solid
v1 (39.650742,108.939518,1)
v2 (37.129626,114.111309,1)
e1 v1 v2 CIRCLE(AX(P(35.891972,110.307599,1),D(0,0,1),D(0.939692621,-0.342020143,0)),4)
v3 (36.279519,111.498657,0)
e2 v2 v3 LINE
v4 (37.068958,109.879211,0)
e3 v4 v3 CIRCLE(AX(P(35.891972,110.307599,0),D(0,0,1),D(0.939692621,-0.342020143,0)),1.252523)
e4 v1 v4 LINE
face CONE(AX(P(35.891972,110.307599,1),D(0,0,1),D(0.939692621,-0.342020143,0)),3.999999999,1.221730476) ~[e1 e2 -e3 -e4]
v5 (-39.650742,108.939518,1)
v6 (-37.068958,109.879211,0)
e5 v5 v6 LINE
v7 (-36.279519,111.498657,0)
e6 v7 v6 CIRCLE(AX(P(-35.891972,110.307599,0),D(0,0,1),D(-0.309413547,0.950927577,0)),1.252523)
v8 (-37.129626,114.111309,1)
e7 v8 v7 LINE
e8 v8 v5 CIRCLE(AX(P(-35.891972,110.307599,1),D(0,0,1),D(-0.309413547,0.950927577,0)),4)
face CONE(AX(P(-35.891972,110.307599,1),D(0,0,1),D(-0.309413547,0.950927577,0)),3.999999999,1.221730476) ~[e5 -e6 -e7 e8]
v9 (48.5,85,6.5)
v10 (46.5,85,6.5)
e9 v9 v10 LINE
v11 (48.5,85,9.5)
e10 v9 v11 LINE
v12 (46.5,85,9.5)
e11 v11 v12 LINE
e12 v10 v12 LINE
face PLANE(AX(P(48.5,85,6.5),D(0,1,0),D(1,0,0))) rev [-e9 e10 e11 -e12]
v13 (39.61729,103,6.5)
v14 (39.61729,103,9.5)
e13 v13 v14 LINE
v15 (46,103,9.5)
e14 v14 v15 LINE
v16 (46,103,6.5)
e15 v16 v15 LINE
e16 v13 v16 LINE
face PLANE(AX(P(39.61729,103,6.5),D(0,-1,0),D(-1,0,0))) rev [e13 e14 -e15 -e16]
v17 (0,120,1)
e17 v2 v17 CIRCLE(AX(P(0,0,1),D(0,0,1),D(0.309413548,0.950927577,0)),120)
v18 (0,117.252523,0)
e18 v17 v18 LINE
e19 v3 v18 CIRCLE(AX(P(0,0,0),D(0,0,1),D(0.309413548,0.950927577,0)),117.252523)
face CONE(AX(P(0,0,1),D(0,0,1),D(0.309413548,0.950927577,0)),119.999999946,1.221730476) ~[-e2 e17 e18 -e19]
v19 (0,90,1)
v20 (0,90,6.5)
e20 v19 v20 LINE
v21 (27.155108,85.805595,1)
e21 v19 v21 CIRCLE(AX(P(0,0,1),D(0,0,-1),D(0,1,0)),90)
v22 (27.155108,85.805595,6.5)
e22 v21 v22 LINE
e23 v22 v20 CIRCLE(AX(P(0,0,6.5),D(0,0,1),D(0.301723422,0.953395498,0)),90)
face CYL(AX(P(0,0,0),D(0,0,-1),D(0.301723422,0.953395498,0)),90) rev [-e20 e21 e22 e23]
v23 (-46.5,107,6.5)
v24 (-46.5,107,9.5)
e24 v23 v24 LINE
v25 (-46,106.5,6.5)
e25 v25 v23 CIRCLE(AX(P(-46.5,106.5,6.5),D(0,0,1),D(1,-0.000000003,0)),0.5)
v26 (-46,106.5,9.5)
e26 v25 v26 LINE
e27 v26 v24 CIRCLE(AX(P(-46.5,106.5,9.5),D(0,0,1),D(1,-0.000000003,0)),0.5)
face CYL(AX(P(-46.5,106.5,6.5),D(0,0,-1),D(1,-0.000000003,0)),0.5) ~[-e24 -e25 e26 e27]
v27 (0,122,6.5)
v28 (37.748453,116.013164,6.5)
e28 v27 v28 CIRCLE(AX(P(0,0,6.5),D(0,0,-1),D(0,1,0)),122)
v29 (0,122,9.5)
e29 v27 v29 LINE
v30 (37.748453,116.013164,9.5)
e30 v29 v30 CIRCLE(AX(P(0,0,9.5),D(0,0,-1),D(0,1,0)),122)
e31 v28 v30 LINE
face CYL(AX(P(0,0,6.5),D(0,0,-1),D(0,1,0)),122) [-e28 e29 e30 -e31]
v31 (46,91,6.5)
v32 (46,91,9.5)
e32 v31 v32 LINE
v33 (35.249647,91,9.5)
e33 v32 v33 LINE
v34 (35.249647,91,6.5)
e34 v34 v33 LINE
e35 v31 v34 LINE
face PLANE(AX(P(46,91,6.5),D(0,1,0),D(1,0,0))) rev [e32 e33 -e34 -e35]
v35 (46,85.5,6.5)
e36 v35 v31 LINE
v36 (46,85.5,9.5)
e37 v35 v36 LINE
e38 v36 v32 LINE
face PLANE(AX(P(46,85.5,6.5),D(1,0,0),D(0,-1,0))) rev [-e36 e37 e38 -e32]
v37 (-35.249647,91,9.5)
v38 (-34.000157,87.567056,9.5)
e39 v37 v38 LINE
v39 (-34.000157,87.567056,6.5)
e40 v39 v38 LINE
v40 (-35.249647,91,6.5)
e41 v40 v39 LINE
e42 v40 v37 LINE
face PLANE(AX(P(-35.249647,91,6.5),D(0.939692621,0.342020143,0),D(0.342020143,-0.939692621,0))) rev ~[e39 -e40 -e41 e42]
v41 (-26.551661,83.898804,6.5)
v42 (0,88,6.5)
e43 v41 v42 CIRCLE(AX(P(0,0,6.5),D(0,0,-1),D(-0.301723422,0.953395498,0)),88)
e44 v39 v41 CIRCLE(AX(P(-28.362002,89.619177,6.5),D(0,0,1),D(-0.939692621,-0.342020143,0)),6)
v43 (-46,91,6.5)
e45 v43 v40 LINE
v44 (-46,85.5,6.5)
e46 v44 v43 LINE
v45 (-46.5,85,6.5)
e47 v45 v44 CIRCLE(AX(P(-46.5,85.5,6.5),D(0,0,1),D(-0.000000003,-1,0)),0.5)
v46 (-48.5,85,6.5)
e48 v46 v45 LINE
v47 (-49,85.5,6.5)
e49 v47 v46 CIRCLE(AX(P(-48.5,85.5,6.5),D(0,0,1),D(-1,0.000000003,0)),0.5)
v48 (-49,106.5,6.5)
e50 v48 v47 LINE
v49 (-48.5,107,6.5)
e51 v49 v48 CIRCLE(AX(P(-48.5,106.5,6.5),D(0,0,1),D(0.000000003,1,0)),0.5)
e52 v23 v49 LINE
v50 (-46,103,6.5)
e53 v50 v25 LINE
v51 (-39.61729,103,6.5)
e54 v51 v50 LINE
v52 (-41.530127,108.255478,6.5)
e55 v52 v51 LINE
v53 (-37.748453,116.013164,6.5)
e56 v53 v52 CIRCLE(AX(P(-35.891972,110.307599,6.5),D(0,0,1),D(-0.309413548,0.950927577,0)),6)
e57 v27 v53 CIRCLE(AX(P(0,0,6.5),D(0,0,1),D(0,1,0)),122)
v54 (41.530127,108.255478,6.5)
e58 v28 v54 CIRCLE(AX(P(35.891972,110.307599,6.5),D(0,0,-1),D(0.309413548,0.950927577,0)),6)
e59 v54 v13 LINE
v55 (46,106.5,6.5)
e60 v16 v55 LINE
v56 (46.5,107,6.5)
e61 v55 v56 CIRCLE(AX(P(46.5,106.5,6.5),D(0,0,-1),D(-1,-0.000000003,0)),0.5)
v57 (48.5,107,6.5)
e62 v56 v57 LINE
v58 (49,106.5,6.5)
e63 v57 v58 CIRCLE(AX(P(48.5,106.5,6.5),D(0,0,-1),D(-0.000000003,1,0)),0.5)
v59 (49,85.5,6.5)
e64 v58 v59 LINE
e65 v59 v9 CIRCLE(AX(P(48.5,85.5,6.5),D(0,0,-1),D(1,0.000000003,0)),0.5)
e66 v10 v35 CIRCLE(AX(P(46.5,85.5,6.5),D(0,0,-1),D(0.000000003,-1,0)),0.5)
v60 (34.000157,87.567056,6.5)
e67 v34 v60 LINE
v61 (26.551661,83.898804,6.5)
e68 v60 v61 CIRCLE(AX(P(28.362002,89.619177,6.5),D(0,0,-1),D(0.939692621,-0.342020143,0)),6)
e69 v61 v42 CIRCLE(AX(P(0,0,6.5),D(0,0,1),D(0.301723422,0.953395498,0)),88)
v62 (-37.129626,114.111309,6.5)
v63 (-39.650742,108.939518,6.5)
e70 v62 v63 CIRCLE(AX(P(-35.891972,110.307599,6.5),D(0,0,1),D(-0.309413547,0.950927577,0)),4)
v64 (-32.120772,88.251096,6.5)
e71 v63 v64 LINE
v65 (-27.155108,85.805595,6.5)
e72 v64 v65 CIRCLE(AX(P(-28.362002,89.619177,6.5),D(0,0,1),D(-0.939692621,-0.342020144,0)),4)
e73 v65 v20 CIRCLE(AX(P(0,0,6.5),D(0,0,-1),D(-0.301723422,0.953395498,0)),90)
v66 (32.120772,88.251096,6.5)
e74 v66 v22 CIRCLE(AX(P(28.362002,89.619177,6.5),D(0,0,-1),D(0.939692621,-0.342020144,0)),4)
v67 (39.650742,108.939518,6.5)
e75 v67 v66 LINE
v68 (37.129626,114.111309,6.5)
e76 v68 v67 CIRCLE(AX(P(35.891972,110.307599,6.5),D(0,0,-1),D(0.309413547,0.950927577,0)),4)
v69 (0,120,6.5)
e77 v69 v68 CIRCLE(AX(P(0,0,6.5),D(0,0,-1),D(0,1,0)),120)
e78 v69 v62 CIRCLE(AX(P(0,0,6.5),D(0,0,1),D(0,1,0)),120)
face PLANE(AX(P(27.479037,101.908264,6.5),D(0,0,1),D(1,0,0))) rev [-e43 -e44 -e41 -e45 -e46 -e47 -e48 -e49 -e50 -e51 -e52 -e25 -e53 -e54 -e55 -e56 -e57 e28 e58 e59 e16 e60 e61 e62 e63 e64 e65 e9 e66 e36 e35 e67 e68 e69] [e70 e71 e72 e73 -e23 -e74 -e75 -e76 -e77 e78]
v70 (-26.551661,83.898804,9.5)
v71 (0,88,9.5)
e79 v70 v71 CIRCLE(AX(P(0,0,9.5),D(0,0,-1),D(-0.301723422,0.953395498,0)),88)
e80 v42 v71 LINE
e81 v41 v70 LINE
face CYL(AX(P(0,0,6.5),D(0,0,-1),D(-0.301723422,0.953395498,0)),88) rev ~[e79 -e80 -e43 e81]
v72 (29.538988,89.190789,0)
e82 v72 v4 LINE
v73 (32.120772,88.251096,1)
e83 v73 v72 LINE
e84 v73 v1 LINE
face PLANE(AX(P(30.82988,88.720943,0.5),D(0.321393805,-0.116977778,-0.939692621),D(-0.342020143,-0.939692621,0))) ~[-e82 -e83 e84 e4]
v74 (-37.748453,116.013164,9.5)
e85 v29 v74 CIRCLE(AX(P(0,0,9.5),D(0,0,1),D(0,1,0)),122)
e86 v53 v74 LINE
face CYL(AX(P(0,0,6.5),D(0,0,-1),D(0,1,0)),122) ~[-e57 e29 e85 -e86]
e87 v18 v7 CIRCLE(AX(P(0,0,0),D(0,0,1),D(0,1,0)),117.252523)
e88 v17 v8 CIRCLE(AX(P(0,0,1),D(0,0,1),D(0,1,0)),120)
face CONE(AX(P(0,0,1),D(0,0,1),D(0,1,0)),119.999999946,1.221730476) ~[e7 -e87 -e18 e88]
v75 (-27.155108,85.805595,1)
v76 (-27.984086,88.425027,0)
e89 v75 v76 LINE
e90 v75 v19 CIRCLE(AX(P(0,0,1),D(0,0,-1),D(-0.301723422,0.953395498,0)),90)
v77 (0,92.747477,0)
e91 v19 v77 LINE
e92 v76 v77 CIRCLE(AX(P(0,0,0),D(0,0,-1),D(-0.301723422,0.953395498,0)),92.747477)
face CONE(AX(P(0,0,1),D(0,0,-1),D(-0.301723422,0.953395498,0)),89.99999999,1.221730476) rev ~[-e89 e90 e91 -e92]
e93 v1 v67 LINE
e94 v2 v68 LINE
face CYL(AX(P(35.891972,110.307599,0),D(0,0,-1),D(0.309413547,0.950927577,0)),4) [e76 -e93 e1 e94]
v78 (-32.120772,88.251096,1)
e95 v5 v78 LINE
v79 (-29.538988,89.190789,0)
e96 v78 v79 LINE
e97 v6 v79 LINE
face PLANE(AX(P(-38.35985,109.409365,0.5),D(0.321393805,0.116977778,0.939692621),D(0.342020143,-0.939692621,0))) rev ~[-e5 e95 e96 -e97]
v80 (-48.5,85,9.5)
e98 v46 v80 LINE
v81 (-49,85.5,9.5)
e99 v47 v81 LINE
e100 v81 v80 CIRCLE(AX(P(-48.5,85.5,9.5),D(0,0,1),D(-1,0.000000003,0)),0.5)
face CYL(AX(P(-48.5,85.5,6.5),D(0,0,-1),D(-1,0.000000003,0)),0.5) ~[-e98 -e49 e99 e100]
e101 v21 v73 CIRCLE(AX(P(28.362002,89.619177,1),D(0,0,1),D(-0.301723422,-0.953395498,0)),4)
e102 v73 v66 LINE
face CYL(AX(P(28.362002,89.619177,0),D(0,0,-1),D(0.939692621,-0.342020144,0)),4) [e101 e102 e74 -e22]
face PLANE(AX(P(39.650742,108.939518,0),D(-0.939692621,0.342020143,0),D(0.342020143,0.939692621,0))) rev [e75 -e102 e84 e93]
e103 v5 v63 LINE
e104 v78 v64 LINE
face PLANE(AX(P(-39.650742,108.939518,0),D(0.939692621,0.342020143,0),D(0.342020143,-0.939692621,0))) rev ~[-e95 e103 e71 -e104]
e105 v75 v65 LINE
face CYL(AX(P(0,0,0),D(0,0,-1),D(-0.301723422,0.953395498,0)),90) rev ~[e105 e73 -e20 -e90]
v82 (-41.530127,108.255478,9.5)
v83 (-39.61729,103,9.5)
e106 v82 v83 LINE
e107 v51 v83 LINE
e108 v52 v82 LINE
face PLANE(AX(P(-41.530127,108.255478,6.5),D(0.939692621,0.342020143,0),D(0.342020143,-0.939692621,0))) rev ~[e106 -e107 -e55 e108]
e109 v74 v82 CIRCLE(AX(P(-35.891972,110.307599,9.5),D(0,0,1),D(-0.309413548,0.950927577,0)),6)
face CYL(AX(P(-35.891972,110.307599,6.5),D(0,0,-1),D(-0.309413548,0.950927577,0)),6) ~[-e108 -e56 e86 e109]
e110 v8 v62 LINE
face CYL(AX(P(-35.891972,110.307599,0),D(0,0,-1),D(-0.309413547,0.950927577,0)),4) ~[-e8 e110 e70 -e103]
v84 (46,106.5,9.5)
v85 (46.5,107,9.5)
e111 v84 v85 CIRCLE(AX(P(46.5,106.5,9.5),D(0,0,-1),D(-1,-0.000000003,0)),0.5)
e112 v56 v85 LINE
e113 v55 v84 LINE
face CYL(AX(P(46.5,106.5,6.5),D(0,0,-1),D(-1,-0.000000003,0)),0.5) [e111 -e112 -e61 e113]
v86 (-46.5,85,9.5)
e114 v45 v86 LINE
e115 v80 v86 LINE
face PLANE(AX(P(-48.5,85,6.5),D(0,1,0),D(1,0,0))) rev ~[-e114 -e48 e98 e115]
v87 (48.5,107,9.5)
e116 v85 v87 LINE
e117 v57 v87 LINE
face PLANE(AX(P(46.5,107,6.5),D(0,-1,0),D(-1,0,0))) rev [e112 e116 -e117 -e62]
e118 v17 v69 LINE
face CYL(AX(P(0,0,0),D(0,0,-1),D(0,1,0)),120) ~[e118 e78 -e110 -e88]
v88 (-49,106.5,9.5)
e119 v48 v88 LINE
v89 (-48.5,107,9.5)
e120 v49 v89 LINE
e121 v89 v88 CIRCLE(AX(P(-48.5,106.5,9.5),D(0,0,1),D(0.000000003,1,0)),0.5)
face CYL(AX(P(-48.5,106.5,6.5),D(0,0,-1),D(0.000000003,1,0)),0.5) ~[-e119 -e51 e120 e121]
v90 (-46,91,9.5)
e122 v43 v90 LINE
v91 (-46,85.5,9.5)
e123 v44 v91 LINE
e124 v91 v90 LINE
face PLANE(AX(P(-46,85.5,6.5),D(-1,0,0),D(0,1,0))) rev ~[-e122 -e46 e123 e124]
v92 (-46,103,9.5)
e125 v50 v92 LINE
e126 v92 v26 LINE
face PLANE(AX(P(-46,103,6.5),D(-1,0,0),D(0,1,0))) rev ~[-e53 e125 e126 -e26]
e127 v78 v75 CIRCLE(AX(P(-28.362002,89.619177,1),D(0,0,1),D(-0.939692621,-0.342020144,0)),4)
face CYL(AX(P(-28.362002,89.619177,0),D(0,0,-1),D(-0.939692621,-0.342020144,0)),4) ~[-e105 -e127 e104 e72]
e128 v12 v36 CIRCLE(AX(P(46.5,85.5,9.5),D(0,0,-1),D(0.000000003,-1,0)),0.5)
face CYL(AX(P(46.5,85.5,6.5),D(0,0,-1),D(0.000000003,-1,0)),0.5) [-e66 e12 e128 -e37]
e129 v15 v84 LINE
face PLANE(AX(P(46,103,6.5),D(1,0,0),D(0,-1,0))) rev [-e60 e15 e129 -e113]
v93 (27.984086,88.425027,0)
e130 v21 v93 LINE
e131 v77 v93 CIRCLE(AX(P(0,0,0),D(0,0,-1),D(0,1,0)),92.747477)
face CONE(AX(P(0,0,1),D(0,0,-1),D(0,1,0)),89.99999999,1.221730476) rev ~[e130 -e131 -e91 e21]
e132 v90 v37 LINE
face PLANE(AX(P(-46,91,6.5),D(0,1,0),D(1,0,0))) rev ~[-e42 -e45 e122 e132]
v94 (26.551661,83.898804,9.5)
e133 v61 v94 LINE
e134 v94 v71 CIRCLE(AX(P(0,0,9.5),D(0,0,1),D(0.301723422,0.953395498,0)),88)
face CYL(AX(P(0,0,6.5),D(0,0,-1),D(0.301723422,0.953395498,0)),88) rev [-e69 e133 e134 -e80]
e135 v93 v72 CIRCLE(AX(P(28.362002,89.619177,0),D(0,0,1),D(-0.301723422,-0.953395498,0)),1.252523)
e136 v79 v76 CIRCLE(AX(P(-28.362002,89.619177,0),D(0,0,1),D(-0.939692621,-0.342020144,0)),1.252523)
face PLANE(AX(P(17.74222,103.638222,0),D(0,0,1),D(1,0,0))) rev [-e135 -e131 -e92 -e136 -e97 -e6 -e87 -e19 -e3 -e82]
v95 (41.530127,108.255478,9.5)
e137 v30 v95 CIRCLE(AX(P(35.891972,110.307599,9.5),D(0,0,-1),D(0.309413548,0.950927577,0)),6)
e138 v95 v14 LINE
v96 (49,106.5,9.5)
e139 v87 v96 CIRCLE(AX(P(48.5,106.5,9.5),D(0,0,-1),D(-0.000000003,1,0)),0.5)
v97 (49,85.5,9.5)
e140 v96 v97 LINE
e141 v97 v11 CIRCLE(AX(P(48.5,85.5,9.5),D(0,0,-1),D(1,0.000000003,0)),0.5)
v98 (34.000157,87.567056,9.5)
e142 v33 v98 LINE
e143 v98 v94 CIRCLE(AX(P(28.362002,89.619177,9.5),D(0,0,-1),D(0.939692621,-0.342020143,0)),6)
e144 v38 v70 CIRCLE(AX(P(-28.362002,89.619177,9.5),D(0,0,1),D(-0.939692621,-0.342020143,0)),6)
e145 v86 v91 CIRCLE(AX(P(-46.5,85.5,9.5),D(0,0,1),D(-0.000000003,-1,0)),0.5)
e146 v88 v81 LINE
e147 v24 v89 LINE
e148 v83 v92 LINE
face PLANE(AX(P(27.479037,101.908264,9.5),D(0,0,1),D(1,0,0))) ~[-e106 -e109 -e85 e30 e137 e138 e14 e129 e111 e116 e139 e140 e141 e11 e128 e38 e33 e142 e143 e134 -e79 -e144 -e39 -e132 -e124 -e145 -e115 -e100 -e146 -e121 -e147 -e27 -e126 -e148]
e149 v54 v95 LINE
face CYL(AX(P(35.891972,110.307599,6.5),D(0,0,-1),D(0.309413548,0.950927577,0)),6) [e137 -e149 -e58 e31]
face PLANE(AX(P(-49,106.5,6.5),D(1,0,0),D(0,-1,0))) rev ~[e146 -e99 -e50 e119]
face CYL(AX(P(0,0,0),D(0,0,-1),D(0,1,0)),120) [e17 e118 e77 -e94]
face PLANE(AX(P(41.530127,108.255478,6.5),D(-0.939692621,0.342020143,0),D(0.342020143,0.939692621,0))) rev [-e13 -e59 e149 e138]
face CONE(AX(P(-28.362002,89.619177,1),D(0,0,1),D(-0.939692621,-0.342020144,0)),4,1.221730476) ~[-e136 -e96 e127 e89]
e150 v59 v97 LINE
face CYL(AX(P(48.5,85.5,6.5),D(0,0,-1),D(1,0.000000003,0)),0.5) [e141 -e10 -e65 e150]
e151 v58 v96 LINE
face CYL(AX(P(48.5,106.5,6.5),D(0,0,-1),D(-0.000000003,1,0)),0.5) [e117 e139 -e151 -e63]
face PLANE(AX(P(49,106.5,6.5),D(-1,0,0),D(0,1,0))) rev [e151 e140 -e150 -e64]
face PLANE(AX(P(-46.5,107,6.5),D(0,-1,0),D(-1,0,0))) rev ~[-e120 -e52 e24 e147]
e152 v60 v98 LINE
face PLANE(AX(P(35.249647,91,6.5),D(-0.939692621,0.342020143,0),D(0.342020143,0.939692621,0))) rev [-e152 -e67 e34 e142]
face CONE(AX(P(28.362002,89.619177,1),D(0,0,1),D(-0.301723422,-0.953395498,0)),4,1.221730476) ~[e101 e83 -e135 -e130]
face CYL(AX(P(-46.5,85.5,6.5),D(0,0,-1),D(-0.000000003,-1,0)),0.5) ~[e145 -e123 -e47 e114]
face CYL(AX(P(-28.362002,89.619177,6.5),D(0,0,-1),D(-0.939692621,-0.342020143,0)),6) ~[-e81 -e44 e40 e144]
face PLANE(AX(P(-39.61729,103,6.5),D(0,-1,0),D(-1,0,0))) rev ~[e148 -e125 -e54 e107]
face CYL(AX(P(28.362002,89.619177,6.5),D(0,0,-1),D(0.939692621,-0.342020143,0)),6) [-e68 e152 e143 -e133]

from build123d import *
from OCP.BRepFilletAPI import BRepFilletAPI_MakeChamfer

# Parameters (mm, degrees)
DODANIE_WYCI_GNI_CIE1_DEPTH = 6.5
DODANIE_WYCI_GNI_CIE2_DEPTH = 3
SFAZOWANIE1_SIZE            = 1
SFAZOWANIE1_SIZE2           = 2.747477419


with BuildPart() as part:
    # Szkic2 → Dodanie-wyciągnięcie1 (new body)
    with BuildSketch(Plane.XY):
        with BuildLine():
            Line((-39.650742014, 108.939518347), (-32.120772186, 88.251096277))
            ThreePointArc((-32.120772186, 88.251096277), (-30.12924195, 86.030742386), (-27.155108014, 85.805594857))
            ThreePointArc((-27.155108014, 85.805594857), (-13.738567299, 88.945217795), (0, 90))
            Line((0, 90), (0, 120))
            ThreePointArc((0, 120), (-18.796846712, 118.518684408), (-37.129625721, 114.111309228))
            ThreePointArc((-37.129625721, 114.111309228), (-39.48751323, 112.060333895), (-39.650742014, 108.939518347))
        make_face()
    dodanie_wyci_gni_cie1 = extrude(amount=DODANIE_WYCI_GNI_CIE1_DEPTH)

    # Szkic3 → Dodanie-wyciągnięcie2 (add)
    with BuildSketch(Plane.XY.offset(6.5)):
        with BuildLine():
            Line((-46, 91), (-35.249646863, 91))
            Line((-35.249646863, 91), (-34.000157428, 87.567055991))
            ThreePointArc((-34.000157428, 87.567055991), (-31.012862074, 84.236525153), (-26.551661169, 83.89880386))
            ThreePointArc((-26.551661169, 83.89880386), (-13.433265804, 86.968657399), (0, 88))
            Line((0, 88), (0, 90))
            ThreePointArc((0, 90), (-13.738567299, 88.945217795), (-27.155108014, 85.805594857))
            ThreePointArc((-27.155108014, 85.805594857), (-30.12924195, 86.030742386), (-32.120772186, 88.251096277))
            Line((-32.120772186, 88.251096277), (-39.650742014, 108.939518347))
            ThreePointArc((-39.650742014, 108.939518347), (-39.48751323, 112.060333895), (-37.129625721, 114.111309228))
            ThreePointArc((-37.129625721, 114.111309228), (-18.796846712, 118.518684408), (0, 120))
            Line((0, 120), (0, 122))
            ThreePointArc((0, 122), (-19.11012749, 120.493995814), (-37.748452817, 116.013164382))
            ThreePointArc((-37.748452817, 116.013164382), (-41.285284079, 112.936701382), (-41.530127255, 108.255478061))
            Line((-41.530127255, 108.255478061), (-39.617289674, 103))
            Line((-39.617289674, 103), (-46, 103))
            Line((-46, 103), (-46, 106.5))
            ThreePointArc((-46, 106.5), (-46.146446609, 106.853553391), (-46.5, 107))
            Line((-46.5, 107), (-48.5, 107))
            ThreePointArc((-48.5, 107), (-48.853553391, 106.853553391), (-49, 106.5))
            Line((-49, 106.5), (-49, 103))
            Line((-49, 103), (-49, 85.5))
            ThreePointArc((-49, 85.5), (-48.853553391, 85.146446609), (-48.5, 85))
            Line((-48.5, 85), (-46.5, 85))
            ThreePointArc((-46.5, 85), (-46.146446609, 85.146446609), (-46, 85.5))
            Line((-46, 85.5), (-46, 91))
        make_face()
        with BuildLine():
            ThreePointArc((-27.155108014, 85.805594857), (-13.738567299, 88.945217795), (0, 90))
            Line((0, 90), (0, 120))
            ThreePointArc((0, 120), (-18.796846712, 118.518684408), (-37.129625721, 114.111309228))
            ThreePointArc((-37.129625721, 114.111309228), (-39.48751323, 112.060333895), (-39.650742014, 108.939518347))
            Line((-39.650742014, 108.939518347), (-32.120772186, 88.251096277))
            ThreePointArc((-32.120772186, 88.251096277), (-30.12924195, 86.030742386), (-27.155108014, 85.805594857))
        make_face()
    dodanie_wyci_gni_cie2 = extrude(amount=DODANIE_WYCI_GNI_CIE2_DEPTH)

    # Lustro1: Dodanie-wyciągnięcie1, Dodanie-wyciągnięcie2 across plane
    add(dodanie_wyci_gni_cie1.mirror(Plane(origin=(0, 0, 0), x_dir=(0, 0, 1), z_dir=(1, 0, 0))))
    add(dodanie_wyci_gni_cie2.mirror(Plane(origin=(0, 0, 0), x_dir=(0, 0, 1), z_dir=(1, 0, 0))))

    # Sfazowanie1: one chamfer whose edges measure the first distance from different faces: ONE call of the kernel's chamfer builder (chamfer() names one face for all edges)
    sfazowanie1_edges_1 = [part.edges().sort_by_distance(p)[0] for p in [
        (-39.48751323, 112.060333895, 0),
    ]]
    sfazowanie1_side_1 = [part.faces().sort_by_distance(p)[0] for p in [
        (-39.48751323, 112.060333895, 3.25),
    ]]
    sfazowanie1_edges_2 = [part.edges().sort_by_distance(p)[0] for p in [
        (0, 120, 0),
    ]]
    sfazowanie1_side_2 = [part.faces().sort_by_distance(p)[0] for p in [
        (0, 120, 3.25),
    ]]
    sfazowanie1_edges_3 = [part.edges().sort_by_distance(p)[0] for p in [
        (30.12924195, 86.030742386, 0),
    ]]
    sfazowanie1_side_3 = [part.faces().sort_by_distance(p)[0] for p in [
        (30.12924195, 86.030742386, 3.25),
    ]]
    sfazowanie1_edges_4 = [part.edges().sort_by_distance(p)[0] for p in [
        (35.8857571, 98.595307312, 0),
    ]]
    sfazowanie1_side_4 = [part.faces().sort_by_distance(p)[0] for p in [
        (35.8857571, 98.595307312, 3.25),
    ]]
    sfazowanie1_edges_5 = [part.edges().sort_by_distance(p)[0] for p in [
        (39.48751323, 112.060333895, 0),
    ]]
    sfazowanie1_side_5 = [part.faces().sort_by_distance(p)[0] for p in [
        (39.48751323, 112.060333895, 3.25),
    ]]
    sfazowanie1_edges_6 = [part.edges().sort_by_distance(p)[0] for p in [
        (0, 90, 0),
    ]]
    sfazowanie1_side_6 = [part.faces().sort_by_distance(p)[0] for p in [
        (0, 90, 3.25),
    ]]
    sfazowanie1_edges_7 = [part.edges().sort_by_distance(p)[0] for p in [
        (-30.12924195, 86.030742386, 0),
    ]]
    sfazowanie1_side_7 = [part.faces().sort_by_distance(p)[0] for p in [
        (-30.12924195, 86.030742386, 3.25),
    ]]
    sfazowanie1_edges_8 = [part.edges().sort_by_distance(p)[0] for p in [
        (-35.8857571, 98.595307312, 0),
    ]]
    sfazowanie1_side_8 = [part.faces().sort_by_distance(p)[0] for p in [
        (-35.8857571, 98.595307312, 3.25),
    ]]
    sfazowanie1 = BRepFilletAPI_MakeChamfer(part.part.solid().wrapped)
    for e in sfazowanie1_edges_1:
        sfazowanie1.Add(SFAZOWANIE1_SIZE, SFAZOWANIE1_SIZE2, e.wrapped, sfazowanie1_side_1[0].wrapped)  # the first distance lies on this face
    for e in sfazowanie1_edges_2:
        sfazowanie1.Add(SFAZOWANIE1_SIZE, SFAZOWANIE1_SIZE2, e.wrapped, sfazowanie1_side_2[0].wrapped)  # the first distance lies on this face
    for e in sfazowanie1_edges_3:
        sfazowanie1.Add(SFAZOWANIE1_SIZE, SFAZOWANIE1_SIZE2, e.wrapped, sfazowanie1_side_3[0].wrapped)  # the first distance lies on this face
    for e in sfazowanie1_edges_4:
        sfazowanie1.Add(SFAZOWANIE1_SIZE, SFAZOWANIE1_SIZE2, e.wrapped, sfazowanie1_side_4[0].wrapped)  # the first distance lies on this face
    for e in sfazowanie1_edges_5:
        sfazowanie1.Add(SFAZOWANIE1_SIZE, SFAZOWANIE1_SIZE2, e.wrapped, sfazowanie1_side_5[0].wrapped)  # the first distance lies on this face
    for e in sfazowanie1_edges_6:
        sfazowanie1.Add(SFAZOWANIE1_SIZE, SFAZOWANIE1_SIZE2, e.wrapped, sfazowanie1_side_6[0].wrapped)  # the first distance lies on this face
    for e in sfazowanie1_edges_7:
        sfazowanie1.Add(SFAZOWANIE1_SIZE, SFAZOWANIE1_SIZE2, e.wrapped, sfazowanie1_side_7[0].wrapped)  # the first distance lies on this face
    for e in sfazowanie1_edges_8:
        sfazowanie1.Add(SFAZOWANIE1_SIZE, SFAZOWANIE1_SIZE2, e.wrapped, sfazowanie1_side_8[0].wrapped)  # the first distance lies on this face
    add(Compound.cast(sfazowanie1.Shape()), mode=Mode.REPLACE)


solid = part.part
